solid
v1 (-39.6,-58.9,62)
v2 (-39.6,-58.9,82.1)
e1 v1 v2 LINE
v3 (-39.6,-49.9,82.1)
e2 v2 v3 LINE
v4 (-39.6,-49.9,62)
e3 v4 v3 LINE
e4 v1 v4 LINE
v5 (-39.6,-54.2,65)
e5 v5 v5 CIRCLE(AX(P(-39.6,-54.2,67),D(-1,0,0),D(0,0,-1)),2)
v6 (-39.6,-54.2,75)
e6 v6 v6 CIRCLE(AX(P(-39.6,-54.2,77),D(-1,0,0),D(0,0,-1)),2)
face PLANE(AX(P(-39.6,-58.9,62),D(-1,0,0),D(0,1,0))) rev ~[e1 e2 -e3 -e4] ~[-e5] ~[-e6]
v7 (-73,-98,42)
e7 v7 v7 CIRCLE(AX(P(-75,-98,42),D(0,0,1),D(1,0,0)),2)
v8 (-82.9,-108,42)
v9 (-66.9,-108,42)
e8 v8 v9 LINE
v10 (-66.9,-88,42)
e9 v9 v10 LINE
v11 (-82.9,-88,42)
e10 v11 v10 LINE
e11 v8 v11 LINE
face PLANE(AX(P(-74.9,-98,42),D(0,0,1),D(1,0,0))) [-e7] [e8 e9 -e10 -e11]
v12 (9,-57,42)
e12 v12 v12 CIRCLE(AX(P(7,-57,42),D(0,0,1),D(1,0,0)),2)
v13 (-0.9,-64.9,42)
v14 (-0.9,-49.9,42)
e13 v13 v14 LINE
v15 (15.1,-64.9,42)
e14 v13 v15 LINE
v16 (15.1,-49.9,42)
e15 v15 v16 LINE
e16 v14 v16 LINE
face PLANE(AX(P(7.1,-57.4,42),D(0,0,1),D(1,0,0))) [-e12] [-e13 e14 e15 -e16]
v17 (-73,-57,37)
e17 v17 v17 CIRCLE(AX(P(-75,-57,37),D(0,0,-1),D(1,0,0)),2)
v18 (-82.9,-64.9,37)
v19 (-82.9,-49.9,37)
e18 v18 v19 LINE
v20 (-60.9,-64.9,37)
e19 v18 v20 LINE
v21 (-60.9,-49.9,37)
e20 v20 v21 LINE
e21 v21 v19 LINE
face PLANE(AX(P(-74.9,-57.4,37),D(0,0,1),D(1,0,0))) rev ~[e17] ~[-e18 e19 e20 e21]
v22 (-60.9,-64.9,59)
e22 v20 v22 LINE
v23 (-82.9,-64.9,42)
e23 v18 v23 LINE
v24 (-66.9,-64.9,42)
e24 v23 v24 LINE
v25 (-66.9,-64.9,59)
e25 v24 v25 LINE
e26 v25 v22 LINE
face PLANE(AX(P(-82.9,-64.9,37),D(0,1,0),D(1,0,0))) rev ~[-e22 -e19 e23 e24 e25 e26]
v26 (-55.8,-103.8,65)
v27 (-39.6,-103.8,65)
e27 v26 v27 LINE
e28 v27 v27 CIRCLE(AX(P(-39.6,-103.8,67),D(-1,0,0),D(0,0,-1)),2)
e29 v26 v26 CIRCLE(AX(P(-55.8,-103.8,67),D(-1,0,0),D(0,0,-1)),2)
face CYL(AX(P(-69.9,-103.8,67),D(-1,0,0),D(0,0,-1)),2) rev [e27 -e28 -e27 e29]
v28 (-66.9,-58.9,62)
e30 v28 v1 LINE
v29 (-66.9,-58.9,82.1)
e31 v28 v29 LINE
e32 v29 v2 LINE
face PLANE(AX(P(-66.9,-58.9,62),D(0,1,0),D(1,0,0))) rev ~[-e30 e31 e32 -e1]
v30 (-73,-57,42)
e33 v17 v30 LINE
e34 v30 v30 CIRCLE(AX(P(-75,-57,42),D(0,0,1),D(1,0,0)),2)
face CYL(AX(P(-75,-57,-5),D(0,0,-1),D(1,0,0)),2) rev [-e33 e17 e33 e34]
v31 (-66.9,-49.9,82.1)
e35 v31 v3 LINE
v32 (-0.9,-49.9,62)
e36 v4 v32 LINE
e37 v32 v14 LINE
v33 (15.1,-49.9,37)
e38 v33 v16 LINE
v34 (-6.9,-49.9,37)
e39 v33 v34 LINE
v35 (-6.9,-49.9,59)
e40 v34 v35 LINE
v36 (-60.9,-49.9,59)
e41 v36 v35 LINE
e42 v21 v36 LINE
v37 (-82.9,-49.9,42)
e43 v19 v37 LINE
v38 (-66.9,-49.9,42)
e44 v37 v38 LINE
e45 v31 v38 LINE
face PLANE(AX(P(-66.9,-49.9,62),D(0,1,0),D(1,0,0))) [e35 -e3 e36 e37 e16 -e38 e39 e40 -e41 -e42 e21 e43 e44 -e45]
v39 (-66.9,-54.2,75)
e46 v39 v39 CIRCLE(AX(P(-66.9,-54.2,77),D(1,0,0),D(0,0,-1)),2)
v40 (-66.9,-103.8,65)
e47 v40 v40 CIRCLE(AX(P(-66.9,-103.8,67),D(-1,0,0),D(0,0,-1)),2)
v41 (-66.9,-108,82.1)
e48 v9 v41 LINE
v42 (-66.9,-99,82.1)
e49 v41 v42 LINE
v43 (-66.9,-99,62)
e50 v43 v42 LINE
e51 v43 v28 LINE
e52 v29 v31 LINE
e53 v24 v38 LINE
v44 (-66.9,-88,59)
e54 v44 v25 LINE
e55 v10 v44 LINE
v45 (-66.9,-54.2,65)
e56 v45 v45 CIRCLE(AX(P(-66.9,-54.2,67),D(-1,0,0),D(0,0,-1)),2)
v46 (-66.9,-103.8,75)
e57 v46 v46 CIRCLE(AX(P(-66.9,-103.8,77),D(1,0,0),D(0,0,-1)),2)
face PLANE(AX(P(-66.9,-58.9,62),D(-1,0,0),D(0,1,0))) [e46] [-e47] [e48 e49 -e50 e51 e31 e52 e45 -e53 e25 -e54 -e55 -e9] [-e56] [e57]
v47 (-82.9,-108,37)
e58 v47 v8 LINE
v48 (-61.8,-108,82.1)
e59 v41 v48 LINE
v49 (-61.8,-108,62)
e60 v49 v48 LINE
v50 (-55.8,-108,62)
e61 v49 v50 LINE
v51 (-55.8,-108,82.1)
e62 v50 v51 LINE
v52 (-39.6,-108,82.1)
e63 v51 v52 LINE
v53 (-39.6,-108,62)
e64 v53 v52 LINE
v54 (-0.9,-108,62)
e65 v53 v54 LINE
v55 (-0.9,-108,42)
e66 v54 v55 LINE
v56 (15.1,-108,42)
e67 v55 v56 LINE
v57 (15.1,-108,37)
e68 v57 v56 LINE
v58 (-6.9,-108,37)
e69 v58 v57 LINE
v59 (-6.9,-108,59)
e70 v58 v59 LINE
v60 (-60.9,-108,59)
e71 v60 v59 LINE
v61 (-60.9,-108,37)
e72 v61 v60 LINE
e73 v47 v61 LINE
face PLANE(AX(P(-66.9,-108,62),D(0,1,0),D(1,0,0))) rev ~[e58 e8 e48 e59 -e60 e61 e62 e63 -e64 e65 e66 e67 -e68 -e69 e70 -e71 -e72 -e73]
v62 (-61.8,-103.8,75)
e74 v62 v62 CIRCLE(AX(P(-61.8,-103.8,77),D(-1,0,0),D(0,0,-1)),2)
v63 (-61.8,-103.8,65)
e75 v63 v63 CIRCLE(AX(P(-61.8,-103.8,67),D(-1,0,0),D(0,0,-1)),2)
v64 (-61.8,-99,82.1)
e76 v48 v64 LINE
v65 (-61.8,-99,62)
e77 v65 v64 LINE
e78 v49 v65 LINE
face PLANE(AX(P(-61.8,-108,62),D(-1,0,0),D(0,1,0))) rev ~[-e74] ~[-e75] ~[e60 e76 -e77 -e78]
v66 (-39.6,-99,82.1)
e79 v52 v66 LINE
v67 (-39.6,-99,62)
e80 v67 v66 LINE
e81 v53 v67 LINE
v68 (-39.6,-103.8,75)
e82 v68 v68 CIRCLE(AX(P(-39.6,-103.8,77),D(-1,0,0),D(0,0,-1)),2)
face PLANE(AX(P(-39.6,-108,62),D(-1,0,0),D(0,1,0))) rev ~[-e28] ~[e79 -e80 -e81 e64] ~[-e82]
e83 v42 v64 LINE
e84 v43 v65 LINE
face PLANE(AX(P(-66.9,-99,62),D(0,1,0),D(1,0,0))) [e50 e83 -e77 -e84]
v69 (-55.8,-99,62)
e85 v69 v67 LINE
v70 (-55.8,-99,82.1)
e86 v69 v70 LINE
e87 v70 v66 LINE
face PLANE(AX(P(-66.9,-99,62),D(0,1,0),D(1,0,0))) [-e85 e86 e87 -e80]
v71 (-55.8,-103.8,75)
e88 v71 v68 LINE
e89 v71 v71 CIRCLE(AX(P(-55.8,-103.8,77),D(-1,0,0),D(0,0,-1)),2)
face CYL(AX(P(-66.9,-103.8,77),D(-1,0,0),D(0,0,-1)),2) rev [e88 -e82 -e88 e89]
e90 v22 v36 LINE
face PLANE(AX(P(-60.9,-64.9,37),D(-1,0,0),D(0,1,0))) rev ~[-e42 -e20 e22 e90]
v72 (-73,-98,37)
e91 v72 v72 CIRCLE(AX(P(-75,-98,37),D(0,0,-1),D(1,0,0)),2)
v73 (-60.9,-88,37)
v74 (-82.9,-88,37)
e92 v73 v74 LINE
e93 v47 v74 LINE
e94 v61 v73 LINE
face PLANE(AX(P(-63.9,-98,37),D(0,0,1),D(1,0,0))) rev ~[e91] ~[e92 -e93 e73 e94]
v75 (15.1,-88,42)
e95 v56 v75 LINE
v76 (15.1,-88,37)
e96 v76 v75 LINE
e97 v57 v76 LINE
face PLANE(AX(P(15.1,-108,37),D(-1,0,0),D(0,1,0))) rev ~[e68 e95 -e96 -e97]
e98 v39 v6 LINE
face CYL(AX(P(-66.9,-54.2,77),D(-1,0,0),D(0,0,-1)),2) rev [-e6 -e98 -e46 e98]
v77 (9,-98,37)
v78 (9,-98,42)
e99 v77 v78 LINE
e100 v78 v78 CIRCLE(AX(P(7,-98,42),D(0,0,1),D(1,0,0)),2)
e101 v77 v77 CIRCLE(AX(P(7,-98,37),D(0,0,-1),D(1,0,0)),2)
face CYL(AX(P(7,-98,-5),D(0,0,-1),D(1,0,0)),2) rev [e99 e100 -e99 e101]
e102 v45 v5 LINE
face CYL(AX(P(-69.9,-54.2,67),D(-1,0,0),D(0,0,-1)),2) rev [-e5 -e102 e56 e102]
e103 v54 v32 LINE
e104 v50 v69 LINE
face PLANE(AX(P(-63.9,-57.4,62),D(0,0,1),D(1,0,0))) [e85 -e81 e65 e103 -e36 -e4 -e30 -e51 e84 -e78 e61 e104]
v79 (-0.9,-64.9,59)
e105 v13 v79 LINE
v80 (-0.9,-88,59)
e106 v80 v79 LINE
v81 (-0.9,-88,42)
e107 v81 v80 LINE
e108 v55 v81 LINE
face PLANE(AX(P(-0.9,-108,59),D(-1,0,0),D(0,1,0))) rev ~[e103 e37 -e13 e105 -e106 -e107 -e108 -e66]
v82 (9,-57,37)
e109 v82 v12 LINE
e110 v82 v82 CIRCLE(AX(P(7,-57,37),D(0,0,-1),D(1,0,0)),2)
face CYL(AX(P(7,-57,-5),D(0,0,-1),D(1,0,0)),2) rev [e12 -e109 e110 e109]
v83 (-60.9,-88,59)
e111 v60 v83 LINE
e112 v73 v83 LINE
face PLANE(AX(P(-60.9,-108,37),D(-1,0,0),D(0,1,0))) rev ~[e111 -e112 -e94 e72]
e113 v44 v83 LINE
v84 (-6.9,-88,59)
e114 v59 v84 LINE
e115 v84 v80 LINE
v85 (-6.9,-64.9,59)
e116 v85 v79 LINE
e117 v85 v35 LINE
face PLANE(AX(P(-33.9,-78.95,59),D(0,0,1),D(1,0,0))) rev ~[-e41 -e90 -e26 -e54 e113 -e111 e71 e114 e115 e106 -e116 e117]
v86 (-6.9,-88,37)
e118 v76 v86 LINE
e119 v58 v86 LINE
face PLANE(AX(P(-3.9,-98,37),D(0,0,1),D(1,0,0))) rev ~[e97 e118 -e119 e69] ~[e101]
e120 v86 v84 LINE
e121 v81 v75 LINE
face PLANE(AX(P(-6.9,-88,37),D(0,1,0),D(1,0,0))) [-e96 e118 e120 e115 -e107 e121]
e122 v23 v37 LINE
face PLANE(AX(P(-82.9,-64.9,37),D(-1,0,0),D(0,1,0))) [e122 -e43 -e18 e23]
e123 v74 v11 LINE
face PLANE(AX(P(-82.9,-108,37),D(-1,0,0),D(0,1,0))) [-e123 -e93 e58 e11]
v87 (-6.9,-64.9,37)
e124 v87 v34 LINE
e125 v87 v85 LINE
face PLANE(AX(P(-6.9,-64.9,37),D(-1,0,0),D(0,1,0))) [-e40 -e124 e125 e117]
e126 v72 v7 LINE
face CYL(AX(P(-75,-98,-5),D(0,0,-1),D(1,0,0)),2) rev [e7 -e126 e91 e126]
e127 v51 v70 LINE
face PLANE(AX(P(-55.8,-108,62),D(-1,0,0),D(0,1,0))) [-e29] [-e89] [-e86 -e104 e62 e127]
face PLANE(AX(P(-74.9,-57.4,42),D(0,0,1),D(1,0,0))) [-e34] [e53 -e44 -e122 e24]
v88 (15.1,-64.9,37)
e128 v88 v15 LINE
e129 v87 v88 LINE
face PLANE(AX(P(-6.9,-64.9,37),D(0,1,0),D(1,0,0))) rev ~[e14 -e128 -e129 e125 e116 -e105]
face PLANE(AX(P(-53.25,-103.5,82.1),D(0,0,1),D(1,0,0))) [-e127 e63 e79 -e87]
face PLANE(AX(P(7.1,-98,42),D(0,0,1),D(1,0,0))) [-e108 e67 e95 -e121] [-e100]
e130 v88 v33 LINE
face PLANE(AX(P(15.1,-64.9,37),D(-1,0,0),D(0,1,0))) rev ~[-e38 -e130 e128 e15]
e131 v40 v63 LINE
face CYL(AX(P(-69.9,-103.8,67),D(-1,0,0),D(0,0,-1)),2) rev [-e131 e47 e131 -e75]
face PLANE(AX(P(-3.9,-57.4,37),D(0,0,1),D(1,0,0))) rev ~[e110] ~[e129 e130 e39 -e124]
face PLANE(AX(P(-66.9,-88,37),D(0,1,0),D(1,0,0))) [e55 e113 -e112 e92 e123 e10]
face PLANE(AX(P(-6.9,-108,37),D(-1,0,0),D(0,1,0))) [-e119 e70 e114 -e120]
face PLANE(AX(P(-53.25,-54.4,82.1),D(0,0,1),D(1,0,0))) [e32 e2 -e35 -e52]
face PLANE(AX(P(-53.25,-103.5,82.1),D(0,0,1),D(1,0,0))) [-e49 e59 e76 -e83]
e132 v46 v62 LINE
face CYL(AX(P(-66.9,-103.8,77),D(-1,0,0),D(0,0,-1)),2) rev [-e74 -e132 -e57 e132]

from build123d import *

# Parameters (mm, degrees)
CYLINDER324_R     = 2
CYLINDER324_DEPTH = 47
CYLINDER323_R     = 2
CYLINDER323_DEPTH = 47
BOX411_W          = 6
BOX411_H          = 15
BOX411_DEPTH      = 25
BOX409_W          = 6
BOX409_H          = 15
BOX409_DEPTH      = 25
BOX410_W          = 16
BOX410_H          = 15
BOX410_DEPTH      = 5
BOX412_W          = 16
BOX412_H          = 15
BOX412_DEPTH      = 5
BOX430_W          = 6
BOX430_H          = 9
BOX430_DEPTH      = 20.1
CYLINDER180_R     = 2
CYLINDER180_DEPTH = 33
CYLINDER179_R     = 2
CYLINDER179_DEPTH = 30
CYLINDER182_R     = 2
CYLINDER182_DEPTH = 33
CYLINDER181_R     = 2
CYLINDER181_DEPTH = 30
BOX281_W          = 27.3
BOX281_H          = 9
BOX281_DEPTH      = 20.1
BOX408_W          = 27.3
BOX408_H          = 9
BOX408_DEPTH      = 20.1
BOX283_W          = 66
BOX283_H          = 58.1
BOX283_DEPTH      = 3
CYLINDER326_R     = 2
CYLINDER326_DEPTH = 47
CYLINDER325_R     = 2
CYLINDER325_DEPTH = 47
BOX286_W          = 6
BOX286_H          = 20
BOX286_DEPTH      = 25
BOX407_W          = 16
BOX407_H          = 20
BOX407_DEPTH      = 5
BOX288_W          = 6
BOX288_H          = 20
BOX288_DEPTH      = 25
BOX406_W          = 16
BOX406_H          = 20
BOX406_DEPTH      = 5


with BuildPart() as cylinder324:
    # Cylinder324 → Cylinder324 (new body)
    with BuildSketch(Plane(origin=(-75, -98, -5), x_dir=(1, 0, 0), z_dir=(0, 0, 1))):
        Circle(CYLINDER324_R)
    extrude(amount=CYLINDER324_DEPTH)


with BuildPart() as fusion314:
    # Cylinder323 → Cylinder323 (new body)
    with BuildSketch(Plane(origin=(7, -98, -5), x_dir=(1, 0, 0), z_dir=(0, 0, 1))):
        Circle(CYLINDER323_R)
    extrude(amount=CYLINDER323_DEPTH)

    # Fusion314: union Cylinder324
    add(cylinder324.part)


with BuildPart() as fusion314_1:
    # Fusion314 placement: moved
    add(fusion314.part.moved(Location((0, 41, 0))))


with BuildPart() as box411:
    # Box411 → Box411 (new body)
    with BuildSketch(Plane(origin=(-6.9, -64.9, 37), x_dir=(1, 0, 0), z_dir=(0, 0, 1))):
        with Locations((3, 7.5)):
            Rectangle(BOX411_W, BOX411_H)
    extrude(amount=BOX411_DEPTH)


with BuildPart() as box409:
    # Box409 → Box409 (new body)
    with BuildSketch(Plane(origin=(-66.9, -64.9, 37), x_dir=(1, 0, 0), z_dir=(0, 0, 1))):
        with Locations((3, 7.5)):
            Rectangle(BOX409_W, BOX409_H)
    extrude(amount=BOX409_DEPTH)


with BuildPart() as box410:
    # Box410 → Box410 (new body)
    with BuildSketch(Plane(origin=(-82.9, -64.9, 37), x_dir=(1, 0, 0), z_dir=(0, 0, 1))):
        with Locations((8, 7.5)):
            Rectangle(BOX410_W, BOX410_H)
    extrude(amount=BOX410_DEPTH)


with BuildPart() as cut338:
    # Box412 → Box412 (new body)
    with BuildSketch(Plane(origin=(-0.9, -64.9, 37), x_dir=(1, 0, 0), z_dir=(0, 0, 1))):
        with Locations((8, 7.5)):
            Rectangle(BOX412_W, BOX412_H)
    extrude(amount=BOX412_DEPTH)

    # Fusion322: union Box411, Box409, Box410
    add(box411.part)
    add(box409.part)
    add(box410.part)

    # Cut338: cut Fusion314
    add(fusion314_1.part, mode=Mode.SUBTRACT)


with BuildPart() as box430:
    # Box430 → Box430 (new body)
    with BuildSketch(Plane(origin=(-66.5, -108, 62), x_dir=(1, 0, 0), z_dir=(0, 0, 1))):
        with Locations((3, 4.5)):
            Rectangle(BOX430_W, BOX430_H)
    extrude(amount=BOX430_DEPTH)


with BuildPart() as cylinder180:
    # Cylinder180 → Cylinder180 (new body)
    with BuildSketch(Plane(origin=(-74.6, -105.8, 63), x_dir=(0, 0, -1), z_dir=(1, 0, 0))):
        Circle(CYLINDER180_R)
    extrude(amount=CYLINDER180_DEPTH)


with BuildPart() as fusion247:
    # Cylinder179 → Cylinder179 (new body)
    with BuildSketch(Plane(origin=(-71.6, -105.8, 73), x_dir=(0, 0, -1), z_dir=(1, 0, 0))):
        Circle(CYLINDER179_R)
    extrude(amount=CYLINDER179_DEPTH)

    # Fusion247: union Cylinder180
    add(cylinder180.part)


with BuildPart() as fusion247_1:
    # Fusion247 placement: moved
    add(fusion247.part.moved(Location((0, 2, 4))))


with BuildPart() as cylinder182:
    # Cylinder182 → Cylinder182 (new body)
    with BuildSketch(Plane(origin=(-74.6, -56.2, 63), x_dir=(0, 0, -1), z_dir=(1, 0, 0))):
        Circle(CYLINDER182_R)
    extrude(amount=CYLINDER182_DEPTH)


with BuildPart() as fusion252:
    # Cylinder181 → Cylinder181 (new body)
    with BuildSketch(Plane(origin=(-71.6, -56.2, 73), x_dir=(0, 0, -1), z_dir=(1, 0, 0))):
        Circle(CYLINDER181_R)
    extrude(amount=CYLINDER181_DEPTH)

    # Fusion246: union Cylinder182
    add(cylinder182.part)


with BuildPart() as fusion252_1:
    # Fusion246 placement: moved
    add(fusion252.part.moved(Location((0, 2, 4))))

    # Fusion252: union Fusion247
    add(fusion247_1.part)


with BuildPart() as box281:
    # Box281 → Box281 (new body)
    with BuildSketch(Plane(origin=(-71.6, -108, 62), x_dir=(1, 0, 0), z_dir=(0, 0, 1))):
        with Locations((13.65, 4.5)):
            Rectangle(BOX281_W, BOX281_H)
    extrude(amount=BOX281_DEPTH)


with BuildPart() as box408:
    # Box408 → Box408 (new body)
    with BuildSketch(Plane(origin=(-71.6, -58.9, 62), x_dir=(1, 0, 0), z_dir=(0, 0, 1))):
        with Locations((13.65, 4.5)):
            Rectangle(BOX408_W, BOX408_H)
    extrude(amount=BOX408_DEPTH)


with BuildPart() as cut336:
    # Box283 → Box283 (new body)
    with BuildSketch(Plane(origin=(-71.6, -108, 59), x_dir=(1, 0, 0), z_dir=(0, 0, 1))):
        with Locations((33, 29.05)):
            Rectangle(BOX283_W, BOX283_H)
    extrude(amount=BOX283_DEPTH)

    # Fusion251: union Box281, Box408
    add(box281.part)
    add(box408.part)

    # Cut283: cut Fusion252
    add(fusion252_1.part, mode=Mode.SUBTRACT)

    # Cut336: cut Box430
    add(box430.part, mode=Mode.SUBTRACT)


with BuildPart() as cut336_1:
    # Cut336 placement: moved
    add(cut336.part.moved(Location((4.7, 0, 0))))


with BuildPart() as cylinder326:
    # Cylinder326 → Cylinder326 (new body)
    with BuildSketch(Plane(origin=(-75, -98, -5), x_dir=(1, 0, 0), z_dir=(0, 0, 1))):
        Circle(CYLINDER326_R)
    extrude(amount=CYLINDER326_DEPTH)


with BuildPart() as fusion315:
    # Cylinder325 → Cylinder325 (new body)
    with BuildSketch(Plane(origin=(7, -98, -5), x_dir=(1, 0, 0), z_dir=(0, 0, 1))):
        Circle(CYLINDER325_R)
    extrude(amount=CYLINDER325_DEPTH)

    # Fusion315: union Cylinder326
    add(cylinder326.part)


with BuildPart() as box286:
    # Box286 → Box286 (new body)
    with BuildSketch(Plane(origin=(-66.9, -108, 37), x_dir=(1, 0, 0), z_dir=(0, 0, 1))):
        with Locations((3, 10)):
            Rectangle(BOX286_W, BOX286_H)
    extrude(amount=BOX286_DEPTH)


with BuildPart() as box407:
    # Box407 → Box407 (new body)
    with BuildSketch(Plane(origin=(-0.9, -108, 37), x_dir=(1, 0, 0), z_dir=(0, 0, 1))):
        with Locations((8, 10)):
            Rectangle(BOX407_W, BOX407_H)
    extrude(amount=BOX407_DEPTH)


with BuildPart() as box288:
    # Box288 → Box288 (new body)
    with BuildSketch(Plane(origin=(-6.9, -108, 37), x_dir=(1, 0, 0), z_dir=(0, 0, 1))):
        with Locations((3, 10)):
            Rectangle(BOX288_W, BOX288_H)
    extrude(amount=BOX288_DEPTH)


with BuildPart() as fusion324:
    # Box406 → Box406 (new body)
    with BuildSketch(Plane(origin=(-82.9, -108, 37), x_dir=(1, 0, 0), z_dir=(0, 0, 1))):
        with Locations((8, 10)):
            Rectangle(BOX406_W, BOX406_H)
    extrude(amount=BOX406_DEPTH)

    # Fusion249: union Box286, Box407, Box288
    add(box286.part)
    add(box407.part)
    add(box288.part)

    # Cut337: cut Fusion315
    add(fusion315.part, mode=Mode.SUBTRACT)

    # Fusion324: union Cut338, Cut336
    add(cut338.part)
    add(cut336_1.part)


solid = fusion324.part
